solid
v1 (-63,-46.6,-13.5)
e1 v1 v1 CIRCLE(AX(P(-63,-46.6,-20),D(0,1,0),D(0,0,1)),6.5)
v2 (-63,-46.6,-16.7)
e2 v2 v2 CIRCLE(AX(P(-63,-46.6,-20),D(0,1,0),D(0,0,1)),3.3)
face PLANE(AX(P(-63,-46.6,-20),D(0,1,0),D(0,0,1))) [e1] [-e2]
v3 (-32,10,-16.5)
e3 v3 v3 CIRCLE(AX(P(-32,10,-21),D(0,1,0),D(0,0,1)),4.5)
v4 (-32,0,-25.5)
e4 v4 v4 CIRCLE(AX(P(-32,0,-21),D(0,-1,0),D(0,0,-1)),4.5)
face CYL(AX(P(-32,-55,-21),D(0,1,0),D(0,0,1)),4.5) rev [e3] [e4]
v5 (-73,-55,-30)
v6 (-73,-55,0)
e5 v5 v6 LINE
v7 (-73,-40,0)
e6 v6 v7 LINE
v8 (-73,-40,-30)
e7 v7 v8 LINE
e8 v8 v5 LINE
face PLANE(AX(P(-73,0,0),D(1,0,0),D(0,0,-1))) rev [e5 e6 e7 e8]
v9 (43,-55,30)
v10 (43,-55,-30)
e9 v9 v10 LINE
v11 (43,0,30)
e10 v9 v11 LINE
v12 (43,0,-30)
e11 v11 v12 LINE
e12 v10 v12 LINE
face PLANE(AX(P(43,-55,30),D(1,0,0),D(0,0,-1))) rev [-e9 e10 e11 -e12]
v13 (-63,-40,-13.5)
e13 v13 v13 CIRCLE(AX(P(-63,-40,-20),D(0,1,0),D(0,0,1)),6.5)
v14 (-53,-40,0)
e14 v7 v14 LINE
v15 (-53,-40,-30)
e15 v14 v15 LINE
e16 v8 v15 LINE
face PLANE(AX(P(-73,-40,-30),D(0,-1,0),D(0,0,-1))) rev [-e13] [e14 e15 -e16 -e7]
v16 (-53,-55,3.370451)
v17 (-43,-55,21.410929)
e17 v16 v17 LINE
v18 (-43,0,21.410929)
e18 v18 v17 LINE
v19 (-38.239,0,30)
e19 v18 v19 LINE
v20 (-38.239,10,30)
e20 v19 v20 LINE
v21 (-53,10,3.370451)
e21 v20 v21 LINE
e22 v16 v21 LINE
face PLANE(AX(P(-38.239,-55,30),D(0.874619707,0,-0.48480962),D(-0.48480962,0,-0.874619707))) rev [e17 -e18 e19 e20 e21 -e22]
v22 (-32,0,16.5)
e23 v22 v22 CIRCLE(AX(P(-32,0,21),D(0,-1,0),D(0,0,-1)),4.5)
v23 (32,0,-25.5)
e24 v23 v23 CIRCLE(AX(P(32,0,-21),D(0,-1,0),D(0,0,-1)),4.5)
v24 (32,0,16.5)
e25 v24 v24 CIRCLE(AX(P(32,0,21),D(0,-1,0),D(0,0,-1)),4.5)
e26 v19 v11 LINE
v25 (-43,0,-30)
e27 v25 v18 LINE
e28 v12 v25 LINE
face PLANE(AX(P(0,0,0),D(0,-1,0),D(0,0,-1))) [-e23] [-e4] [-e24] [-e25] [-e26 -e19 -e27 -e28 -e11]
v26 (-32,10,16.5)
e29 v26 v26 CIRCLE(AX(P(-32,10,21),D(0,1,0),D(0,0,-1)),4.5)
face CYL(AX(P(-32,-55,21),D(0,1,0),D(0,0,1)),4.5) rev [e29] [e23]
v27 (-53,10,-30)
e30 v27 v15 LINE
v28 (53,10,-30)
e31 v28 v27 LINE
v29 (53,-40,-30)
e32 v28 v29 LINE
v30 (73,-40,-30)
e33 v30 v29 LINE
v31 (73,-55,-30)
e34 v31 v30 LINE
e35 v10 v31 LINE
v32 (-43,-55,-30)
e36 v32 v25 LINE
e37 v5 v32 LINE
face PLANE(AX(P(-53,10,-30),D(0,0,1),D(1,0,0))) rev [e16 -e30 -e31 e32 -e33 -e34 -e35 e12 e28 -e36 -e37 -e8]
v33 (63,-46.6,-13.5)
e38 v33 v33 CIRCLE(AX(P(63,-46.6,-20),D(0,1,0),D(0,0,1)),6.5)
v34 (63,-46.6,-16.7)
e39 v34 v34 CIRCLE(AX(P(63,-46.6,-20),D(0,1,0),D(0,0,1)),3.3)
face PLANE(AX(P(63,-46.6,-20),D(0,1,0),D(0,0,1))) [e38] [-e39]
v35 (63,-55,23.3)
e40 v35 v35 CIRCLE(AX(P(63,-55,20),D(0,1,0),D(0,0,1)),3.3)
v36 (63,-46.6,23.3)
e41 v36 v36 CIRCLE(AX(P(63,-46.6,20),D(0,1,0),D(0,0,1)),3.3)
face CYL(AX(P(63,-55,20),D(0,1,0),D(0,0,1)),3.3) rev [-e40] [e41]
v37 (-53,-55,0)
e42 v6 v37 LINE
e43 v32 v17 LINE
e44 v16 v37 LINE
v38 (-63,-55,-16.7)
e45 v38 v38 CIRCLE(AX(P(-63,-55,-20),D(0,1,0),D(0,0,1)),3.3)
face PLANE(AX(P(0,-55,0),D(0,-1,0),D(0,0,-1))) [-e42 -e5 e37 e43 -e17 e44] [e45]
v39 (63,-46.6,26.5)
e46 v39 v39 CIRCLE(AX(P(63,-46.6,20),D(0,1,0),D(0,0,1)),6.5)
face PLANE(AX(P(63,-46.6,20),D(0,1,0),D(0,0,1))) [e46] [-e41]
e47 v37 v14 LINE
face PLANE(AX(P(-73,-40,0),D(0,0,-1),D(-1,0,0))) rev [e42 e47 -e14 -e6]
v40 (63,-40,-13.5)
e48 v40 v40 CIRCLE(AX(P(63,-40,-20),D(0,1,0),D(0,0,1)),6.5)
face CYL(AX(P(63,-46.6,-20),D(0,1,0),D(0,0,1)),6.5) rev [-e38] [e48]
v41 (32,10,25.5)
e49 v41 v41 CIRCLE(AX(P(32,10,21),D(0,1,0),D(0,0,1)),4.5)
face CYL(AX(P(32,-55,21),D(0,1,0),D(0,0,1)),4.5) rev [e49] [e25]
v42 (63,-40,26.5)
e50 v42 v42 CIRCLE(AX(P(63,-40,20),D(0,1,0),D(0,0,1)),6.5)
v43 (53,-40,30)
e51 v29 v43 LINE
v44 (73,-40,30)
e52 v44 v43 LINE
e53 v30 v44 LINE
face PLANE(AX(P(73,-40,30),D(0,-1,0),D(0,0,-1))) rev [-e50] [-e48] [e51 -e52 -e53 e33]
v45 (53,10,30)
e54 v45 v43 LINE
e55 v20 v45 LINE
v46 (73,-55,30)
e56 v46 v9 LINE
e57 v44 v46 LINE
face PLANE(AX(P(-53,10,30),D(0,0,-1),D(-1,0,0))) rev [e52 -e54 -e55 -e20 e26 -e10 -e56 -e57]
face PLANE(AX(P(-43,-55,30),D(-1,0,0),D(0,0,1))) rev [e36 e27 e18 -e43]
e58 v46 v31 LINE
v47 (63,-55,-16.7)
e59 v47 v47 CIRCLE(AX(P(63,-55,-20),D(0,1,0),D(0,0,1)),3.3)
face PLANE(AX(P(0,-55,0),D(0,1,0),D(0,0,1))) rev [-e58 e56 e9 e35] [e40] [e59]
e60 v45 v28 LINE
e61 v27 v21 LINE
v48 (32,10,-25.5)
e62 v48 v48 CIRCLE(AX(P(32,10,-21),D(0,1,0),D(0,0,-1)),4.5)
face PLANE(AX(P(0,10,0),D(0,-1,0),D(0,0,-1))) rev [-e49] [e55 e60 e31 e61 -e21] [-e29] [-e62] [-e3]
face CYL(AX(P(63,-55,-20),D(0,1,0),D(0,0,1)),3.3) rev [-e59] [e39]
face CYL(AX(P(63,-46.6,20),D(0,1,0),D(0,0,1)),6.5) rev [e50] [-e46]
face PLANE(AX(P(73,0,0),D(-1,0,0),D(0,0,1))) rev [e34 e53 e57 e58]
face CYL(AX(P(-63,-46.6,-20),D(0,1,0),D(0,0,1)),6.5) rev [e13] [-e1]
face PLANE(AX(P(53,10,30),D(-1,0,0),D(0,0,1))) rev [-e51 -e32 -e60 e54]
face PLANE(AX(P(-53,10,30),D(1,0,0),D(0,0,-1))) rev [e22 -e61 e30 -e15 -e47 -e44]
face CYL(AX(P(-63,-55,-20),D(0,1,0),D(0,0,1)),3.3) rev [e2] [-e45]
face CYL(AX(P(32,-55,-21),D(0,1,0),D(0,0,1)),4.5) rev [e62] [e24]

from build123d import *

# Parameters (mm, degrees)
SKETCH1_W           = 106
SKETCH1_H           = 60
BOSS_EXTRUDE1_DEPTH = 10
SKETCH2_W           = 10
SKETCH2_H           = 60
BOSS_EXTRUDE2_DEPTH = 55
SKETCH3_W           = 60
SKETCH3_H           = 15
BOSS_EXTRUDE3_DEPTH = 20
SKETCH4_W           = 30
SKETCH4_H           = 15
BOSS_EXTRUDE4_DEPTH = 20
SKETCH5_R           = 4.5
CUT_EXTRUDE1_DEPTH  = 66
SKETCH6_R           = 6.5
CUT_EXTRUDE2_DEPTH  = 6.6
SKETCH7_R           = 3.3
CUT_EXTRUDE3_DEPTH  = 9.4
CUT_EXTRUDE4_DEPTH  = 66


with BuildPart() as part:
    # Sketch1 → Boss-Extrude1 (new body)
    with BuildSketch(Plane(origin=(0, 0, 0), x_dir=(1, 0, 0), z_dir=(0, 1, 0))):
        Rectangle(SKETCH1_W, SKETCH1_H)
    extrude(amount=BOSS_EXTRUDE1_DEPTH)

    # Sketch2 → Boss-Extrude2 (add)
    with BuildSketch(Plane.XZ):
        with Locations((-48, 0)):
            Rectangle(SKETCH2_W, SKETCH2_H)
        with Locations((48, 0)):
            Rectangle(SKETCH2_W, SKETCH2_H)
    extrude(amount=BOSS_EXTRUDE2_DEPTH)

    # Sketch3 → Boss-Extrude3 (add)
    with BuildSketch(Plane(origin=(53, 0, 0), x_dir=(0, 0, -1), z_dir=(1, 0, 0))):
        with Locations((0, -47.5)):
            Rectangle(SKETCH3_W, SKETCH3_H)
    extrude(amount=BOSS_EXTRUDE3_DEPTH)

    # Sketch4 → Boss-Extrude4 (add)
    with BuildSketch(Plane.ZY.offset(53)):
        with Locations((-15, -47.5)):
            Rectangle(SKETCH4_W, SKETCH4_H)
    extrude(amount=BOSS_EXTRUDE4_DEPTH)

    # Sketch5 → Cut-Extrude1 (cut, through all)
    with BuildSketch(Plane(origin=(0, 10, 0), x_dir=(1, 0, 0), z_dir=(0, 1, 0))):
        with Locations((-32, 21)):
            Circle(SKETCH5_R)
        with Locations((32, 21)):
            Circle(SKETCH5_R)
        with Locations((32, -21)):
            Circle(SKETCH5_R)
        with Locations((-32, -21)):
            Circle(SKETCH5_R)
    extrude(amount=-CUT_EXTRUDE1_DEPTH, mode=Mode.SUBTRACT)

    # Sketch6 → Cut-Extrude2 (cut)
    with BuildSketch(Plane(origin=(0, -40, 0), x_dir=(1, 0, 0), z_dir=(0, 1, 0))):
        with Locations((63, 20)):
            Circle(SKETCH6_R)
        with Locations((63, -20)):
            Circle(SKETCH6_R)
        with Locations((-63, 20)):
            Circle(SKETCH6_R)
    extrude(amount=-CUT_EXTRUDE2_DEPTH, mode=Mode.SUBTRACT)

    # Sketch7 → Cut-Extrude3 (cut, through all)
    with BuildSketch(Plane(origin=(0, -46.6, 0), x_dir=(1, 0, 0), z_dir=(0, 1, 0))):
        with Locations((-63, 20)):
            Circle(SKETCH7_R)
        with Locations((63, -20)):
            Circle(SKETCH7_R)
        with Locations((63, 20)):
            Circle(SKETCH7_R)
    extrude(amount=-CUT_EXTRUDE3_DEPTH, mode=Mode.SUBTRACT)

    # Sketch8 → Cut-Extrude4 (cut, through all)
    with BuildSketch(Plane(origin=(0, 10, 0), x_dir=(1, 0, 0), z_dir=(0, 1, 0))):
        Polygon((-38.239, -30), (-53, -3.370451084), (-53, -30), align=None)
    extrude(amount=-CUT_EXTRUDE4_DEPTH, mode=Mode.SUBTRACT)


solid = part.part
